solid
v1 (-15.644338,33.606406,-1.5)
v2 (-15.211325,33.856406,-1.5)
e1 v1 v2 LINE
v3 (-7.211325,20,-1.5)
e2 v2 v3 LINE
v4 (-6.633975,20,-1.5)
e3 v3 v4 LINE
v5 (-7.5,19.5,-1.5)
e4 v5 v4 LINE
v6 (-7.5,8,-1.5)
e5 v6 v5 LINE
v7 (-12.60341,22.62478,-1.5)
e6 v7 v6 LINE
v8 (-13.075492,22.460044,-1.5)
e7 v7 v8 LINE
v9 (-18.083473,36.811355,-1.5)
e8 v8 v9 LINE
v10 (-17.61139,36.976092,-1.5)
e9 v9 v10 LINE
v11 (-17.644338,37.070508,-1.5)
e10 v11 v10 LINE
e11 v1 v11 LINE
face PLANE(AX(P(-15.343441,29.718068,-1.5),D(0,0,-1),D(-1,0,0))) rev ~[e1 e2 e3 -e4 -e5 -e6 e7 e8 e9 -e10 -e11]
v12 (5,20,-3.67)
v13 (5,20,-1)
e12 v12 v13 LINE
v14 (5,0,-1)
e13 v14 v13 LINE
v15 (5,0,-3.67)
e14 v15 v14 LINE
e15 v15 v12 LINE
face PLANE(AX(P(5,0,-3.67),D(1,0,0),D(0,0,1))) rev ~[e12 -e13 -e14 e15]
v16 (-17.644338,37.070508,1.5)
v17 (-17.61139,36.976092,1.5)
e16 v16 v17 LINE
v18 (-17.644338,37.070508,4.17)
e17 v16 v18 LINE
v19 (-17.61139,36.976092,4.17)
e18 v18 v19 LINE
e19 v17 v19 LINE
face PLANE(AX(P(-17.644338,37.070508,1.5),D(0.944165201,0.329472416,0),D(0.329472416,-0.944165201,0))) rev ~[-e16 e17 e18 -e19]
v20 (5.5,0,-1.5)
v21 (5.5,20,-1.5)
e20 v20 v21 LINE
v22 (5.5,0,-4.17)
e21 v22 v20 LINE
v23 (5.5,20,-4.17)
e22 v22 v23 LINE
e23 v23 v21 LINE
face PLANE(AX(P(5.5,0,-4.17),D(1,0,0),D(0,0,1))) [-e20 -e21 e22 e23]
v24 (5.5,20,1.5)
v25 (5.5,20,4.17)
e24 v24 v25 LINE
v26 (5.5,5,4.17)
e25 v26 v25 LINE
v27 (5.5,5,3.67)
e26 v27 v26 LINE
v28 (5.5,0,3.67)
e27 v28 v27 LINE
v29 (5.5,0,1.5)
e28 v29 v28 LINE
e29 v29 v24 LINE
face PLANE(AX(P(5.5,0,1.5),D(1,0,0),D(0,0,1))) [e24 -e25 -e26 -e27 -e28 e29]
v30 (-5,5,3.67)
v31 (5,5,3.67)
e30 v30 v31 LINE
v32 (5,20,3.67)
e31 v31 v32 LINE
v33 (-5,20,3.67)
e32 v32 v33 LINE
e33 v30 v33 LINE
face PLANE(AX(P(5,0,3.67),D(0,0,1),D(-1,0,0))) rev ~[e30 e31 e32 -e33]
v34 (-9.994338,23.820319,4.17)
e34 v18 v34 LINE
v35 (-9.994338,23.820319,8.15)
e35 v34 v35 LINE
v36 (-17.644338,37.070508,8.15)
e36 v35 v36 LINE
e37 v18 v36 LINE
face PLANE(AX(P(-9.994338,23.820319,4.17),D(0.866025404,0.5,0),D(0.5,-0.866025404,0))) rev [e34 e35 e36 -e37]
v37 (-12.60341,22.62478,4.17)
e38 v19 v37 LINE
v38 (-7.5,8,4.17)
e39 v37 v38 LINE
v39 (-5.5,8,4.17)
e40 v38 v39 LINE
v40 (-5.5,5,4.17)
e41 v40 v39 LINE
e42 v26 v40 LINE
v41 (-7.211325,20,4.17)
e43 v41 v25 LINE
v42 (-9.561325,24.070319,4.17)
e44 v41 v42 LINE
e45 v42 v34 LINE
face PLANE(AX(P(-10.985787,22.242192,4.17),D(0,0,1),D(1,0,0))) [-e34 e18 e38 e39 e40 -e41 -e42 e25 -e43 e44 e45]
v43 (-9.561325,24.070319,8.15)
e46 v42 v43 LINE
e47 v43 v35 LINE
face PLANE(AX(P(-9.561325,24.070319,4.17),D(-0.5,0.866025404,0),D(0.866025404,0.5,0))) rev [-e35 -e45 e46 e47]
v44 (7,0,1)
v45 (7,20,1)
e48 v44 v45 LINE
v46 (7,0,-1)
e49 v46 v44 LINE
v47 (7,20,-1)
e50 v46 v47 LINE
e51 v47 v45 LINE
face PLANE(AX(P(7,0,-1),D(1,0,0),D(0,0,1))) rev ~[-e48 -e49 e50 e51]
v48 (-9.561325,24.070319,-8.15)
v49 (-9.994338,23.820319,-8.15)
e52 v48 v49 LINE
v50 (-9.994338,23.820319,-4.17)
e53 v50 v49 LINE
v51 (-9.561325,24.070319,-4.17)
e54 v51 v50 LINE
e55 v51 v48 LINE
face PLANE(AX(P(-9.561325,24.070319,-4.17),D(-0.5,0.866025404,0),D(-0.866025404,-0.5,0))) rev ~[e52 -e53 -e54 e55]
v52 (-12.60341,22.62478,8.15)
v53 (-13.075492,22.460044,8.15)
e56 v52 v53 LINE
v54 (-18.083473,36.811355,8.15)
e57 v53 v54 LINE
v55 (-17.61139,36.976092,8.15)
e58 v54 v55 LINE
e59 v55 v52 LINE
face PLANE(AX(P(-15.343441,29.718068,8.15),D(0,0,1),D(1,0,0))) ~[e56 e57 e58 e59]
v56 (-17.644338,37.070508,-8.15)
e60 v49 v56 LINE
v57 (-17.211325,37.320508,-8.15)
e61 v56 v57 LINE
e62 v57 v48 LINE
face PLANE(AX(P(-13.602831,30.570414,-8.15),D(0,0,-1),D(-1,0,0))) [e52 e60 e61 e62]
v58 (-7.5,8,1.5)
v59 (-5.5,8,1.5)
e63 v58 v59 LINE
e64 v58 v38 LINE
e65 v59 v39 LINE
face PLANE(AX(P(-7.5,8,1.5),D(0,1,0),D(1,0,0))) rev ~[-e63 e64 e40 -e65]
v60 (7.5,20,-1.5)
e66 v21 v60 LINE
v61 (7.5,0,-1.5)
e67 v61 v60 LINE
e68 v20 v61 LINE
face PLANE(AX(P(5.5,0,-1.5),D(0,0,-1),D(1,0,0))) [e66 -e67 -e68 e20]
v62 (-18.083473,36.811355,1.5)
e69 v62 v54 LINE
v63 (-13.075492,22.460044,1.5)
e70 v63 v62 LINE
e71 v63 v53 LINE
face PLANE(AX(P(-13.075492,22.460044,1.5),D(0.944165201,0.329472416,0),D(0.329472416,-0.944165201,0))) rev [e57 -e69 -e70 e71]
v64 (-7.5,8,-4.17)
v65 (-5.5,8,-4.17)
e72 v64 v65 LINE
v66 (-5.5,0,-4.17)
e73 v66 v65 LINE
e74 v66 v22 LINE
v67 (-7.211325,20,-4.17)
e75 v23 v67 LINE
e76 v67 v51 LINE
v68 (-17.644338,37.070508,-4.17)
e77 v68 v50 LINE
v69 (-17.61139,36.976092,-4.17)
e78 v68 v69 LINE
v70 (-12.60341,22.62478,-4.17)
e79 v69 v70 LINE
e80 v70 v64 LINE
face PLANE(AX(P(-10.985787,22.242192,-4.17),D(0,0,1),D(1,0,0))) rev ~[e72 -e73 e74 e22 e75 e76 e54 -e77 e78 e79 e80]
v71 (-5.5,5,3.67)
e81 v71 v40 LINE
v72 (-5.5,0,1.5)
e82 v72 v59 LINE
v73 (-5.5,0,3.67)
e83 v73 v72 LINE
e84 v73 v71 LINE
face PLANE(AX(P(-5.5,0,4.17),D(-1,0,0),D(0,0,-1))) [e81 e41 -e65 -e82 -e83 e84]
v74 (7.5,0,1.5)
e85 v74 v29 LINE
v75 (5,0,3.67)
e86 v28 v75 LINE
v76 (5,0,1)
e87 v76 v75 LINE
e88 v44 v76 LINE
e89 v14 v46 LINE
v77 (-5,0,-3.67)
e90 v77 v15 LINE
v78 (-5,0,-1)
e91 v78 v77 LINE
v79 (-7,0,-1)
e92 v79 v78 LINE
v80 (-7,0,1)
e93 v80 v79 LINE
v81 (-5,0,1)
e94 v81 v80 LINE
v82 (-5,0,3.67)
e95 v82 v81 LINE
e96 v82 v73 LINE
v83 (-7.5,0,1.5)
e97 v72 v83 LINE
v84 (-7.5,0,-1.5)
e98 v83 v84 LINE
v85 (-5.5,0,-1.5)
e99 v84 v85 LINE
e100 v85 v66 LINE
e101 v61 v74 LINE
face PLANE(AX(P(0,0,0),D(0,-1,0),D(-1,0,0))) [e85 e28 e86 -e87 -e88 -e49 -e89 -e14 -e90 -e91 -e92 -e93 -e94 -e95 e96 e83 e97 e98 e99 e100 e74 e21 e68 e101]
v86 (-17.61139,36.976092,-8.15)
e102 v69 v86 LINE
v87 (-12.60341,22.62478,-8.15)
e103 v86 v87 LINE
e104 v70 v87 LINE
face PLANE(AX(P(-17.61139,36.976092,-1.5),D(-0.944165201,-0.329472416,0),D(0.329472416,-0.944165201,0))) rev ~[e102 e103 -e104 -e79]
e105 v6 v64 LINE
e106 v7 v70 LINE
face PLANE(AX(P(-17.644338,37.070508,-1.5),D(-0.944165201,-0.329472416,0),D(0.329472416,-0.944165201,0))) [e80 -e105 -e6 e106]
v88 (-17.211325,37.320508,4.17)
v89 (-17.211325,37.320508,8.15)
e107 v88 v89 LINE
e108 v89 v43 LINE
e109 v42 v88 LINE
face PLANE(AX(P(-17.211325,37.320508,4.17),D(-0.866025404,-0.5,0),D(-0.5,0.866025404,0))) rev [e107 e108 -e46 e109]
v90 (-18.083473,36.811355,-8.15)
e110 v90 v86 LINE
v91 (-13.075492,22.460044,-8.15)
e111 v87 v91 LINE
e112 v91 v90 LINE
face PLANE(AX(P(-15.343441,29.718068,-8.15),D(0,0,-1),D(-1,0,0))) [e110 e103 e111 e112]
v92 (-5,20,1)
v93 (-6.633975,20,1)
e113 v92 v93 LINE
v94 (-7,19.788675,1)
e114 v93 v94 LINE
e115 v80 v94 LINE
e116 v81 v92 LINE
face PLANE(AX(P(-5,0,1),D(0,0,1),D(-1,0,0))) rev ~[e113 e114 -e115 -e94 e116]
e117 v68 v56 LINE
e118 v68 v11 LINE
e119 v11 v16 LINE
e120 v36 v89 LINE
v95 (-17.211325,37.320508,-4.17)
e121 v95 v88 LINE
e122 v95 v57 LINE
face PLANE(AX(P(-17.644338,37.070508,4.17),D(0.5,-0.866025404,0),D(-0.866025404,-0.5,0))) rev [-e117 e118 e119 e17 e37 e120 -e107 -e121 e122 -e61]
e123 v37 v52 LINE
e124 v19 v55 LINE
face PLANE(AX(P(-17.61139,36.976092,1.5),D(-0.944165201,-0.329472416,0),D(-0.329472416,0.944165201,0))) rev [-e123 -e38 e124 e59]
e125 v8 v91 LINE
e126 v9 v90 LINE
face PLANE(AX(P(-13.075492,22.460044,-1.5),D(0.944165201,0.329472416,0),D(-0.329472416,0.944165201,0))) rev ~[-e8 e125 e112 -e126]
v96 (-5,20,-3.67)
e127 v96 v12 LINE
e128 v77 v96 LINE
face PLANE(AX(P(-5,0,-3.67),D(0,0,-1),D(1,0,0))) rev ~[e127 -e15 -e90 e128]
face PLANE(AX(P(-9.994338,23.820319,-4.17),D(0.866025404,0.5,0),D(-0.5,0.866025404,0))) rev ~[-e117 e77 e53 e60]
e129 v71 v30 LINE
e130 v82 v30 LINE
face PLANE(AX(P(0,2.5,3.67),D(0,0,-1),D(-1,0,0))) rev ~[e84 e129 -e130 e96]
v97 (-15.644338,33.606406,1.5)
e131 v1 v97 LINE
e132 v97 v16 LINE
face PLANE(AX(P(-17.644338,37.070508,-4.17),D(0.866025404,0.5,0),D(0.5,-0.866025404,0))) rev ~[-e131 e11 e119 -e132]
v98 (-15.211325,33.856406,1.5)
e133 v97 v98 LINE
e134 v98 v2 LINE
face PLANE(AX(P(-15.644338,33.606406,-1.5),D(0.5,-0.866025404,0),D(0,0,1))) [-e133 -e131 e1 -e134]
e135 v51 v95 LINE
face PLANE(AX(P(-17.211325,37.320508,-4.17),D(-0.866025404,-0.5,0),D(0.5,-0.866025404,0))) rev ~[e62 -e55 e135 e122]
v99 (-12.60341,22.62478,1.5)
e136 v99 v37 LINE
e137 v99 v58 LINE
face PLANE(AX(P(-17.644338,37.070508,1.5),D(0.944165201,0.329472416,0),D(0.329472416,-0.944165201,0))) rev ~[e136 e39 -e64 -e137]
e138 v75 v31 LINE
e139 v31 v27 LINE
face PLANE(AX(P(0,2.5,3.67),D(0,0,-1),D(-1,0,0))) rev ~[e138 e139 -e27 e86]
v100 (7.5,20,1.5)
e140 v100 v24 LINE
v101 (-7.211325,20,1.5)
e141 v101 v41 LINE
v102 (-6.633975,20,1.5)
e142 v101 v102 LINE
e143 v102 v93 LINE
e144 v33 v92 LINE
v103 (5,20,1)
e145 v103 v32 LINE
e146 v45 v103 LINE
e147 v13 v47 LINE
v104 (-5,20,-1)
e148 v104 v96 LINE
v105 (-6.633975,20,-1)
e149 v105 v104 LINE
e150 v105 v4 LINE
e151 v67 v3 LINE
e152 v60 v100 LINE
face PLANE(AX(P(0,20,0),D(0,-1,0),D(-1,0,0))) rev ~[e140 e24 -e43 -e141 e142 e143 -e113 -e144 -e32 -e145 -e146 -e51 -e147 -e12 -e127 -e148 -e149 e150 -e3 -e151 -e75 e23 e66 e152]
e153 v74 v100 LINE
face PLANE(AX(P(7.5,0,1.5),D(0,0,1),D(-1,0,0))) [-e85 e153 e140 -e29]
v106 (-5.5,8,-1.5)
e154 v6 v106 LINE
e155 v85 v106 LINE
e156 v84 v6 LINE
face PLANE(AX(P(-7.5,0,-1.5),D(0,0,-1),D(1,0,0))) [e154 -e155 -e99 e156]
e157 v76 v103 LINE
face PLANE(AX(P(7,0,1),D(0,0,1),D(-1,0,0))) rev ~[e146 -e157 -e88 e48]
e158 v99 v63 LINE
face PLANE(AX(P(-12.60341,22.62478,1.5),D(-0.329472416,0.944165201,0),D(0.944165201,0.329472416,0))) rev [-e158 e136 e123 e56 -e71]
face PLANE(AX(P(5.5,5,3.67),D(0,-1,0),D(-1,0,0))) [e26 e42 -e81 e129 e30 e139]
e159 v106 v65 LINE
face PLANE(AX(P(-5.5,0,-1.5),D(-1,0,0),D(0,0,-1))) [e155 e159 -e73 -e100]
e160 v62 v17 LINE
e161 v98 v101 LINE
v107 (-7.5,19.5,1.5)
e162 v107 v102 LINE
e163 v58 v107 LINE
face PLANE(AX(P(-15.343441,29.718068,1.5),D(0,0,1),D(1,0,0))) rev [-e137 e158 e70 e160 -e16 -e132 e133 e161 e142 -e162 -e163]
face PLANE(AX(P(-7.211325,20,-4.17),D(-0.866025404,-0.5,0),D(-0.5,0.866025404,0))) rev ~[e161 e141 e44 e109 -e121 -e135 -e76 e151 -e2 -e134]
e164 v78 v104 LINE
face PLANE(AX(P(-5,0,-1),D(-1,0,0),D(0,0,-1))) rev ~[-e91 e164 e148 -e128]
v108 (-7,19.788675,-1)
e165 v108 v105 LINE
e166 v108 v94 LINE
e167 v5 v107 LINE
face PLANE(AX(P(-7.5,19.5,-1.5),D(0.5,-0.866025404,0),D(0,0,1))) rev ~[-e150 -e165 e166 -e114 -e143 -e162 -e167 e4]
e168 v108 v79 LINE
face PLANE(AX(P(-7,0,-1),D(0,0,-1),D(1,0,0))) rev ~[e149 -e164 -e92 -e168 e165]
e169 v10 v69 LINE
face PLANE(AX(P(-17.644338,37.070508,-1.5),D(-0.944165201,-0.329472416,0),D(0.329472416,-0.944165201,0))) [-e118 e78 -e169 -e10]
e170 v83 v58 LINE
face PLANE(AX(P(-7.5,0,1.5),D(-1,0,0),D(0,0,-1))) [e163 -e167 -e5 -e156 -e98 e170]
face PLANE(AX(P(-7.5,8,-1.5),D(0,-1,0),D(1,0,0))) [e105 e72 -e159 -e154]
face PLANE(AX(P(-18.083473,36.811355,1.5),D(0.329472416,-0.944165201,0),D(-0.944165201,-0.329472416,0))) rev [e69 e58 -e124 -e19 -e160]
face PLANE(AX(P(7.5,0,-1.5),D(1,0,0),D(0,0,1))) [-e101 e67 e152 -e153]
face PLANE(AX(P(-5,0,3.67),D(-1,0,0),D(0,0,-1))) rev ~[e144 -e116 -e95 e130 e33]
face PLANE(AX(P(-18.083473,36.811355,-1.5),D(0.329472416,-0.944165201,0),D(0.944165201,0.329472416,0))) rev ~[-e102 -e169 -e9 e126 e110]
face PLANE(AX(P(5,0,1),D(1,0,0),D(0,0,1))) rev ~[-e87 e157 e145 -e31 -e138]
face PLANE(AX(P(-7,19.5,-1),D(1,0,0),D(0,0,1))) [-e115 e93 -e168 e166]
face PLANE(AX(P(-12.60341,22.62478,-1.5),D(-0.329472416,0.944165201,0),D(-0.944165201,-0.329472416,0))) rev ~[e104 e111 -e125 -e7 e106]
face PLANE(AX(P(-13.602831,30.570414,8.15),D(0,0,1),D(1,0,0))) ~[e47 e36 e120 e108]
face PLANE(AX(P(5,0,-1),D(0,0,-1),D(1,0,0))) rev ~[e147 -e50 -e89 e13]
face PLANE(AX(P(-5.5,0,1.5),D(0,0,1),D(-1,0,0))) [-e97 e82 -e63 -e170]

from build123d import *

# Parameters (mm, degrees)
AUFSATZ_LINEAR_AUSTRAGEN1_DEPTH  = 20
SCHNITT_LINEAR_AUSTRAGEN2_REACH  = 24.753
SKIZZE8_W                        = 11
SKIZZE8_H                        = 5
AUFSATZ_LINEAR_AUSTRAGEN3_DEPTH  = 8.34
SCHNITT_LINEAR_AUSTRAGEN3_REACH  = 28.626
SKIZZE12_W                       = 1.5
SKIZZE12_H                       = 2
AUFSATZ_LINEAR_AUSTRAGEN4_DEPTH  = 3.98
AUFSATZ_LINEAR_AUSTRAGEN5_DEPTH  = 2.67
AUFSATZ_LINEAR_AUSTRAGEN6_DEPTH  = 2.67
SCHNITT_LINEAR_AUSTRAGEN4_REACH  = 43.942
SKIZZE17_W                       = 3
SKIZZE17_H                       = 16.288675134
AUFSATZ_LINEAR_AUSTRAGEN15_DEPTH = 6.65


with BuildPart() as part:
    # Skizze1 → Aufsatz-Linear austragen1 (new body)
    with BuildSketch(Plane(origin=(0, 0, 0), x_dir=(1, 0, 0), z_dir=(0, 1, 0))):
        Polygon((5.5, -4.17), (-5.5, -4.17), (-5.5, -1.5), (-7.5, -1.5), (-7.5, 1.5), (-5.5, 1.5), (-5.5, 4.17), (5.5, 4.17), (5.5, 1.5), (7.5, 1.5), (7.5, -1.5), (5.5, -1.5), align=None)
        Polygon((-5, 1), (-5, 3.67), (5, 3.67), (5, 1), (7, 1), (7, -1), (5, -1), (5, -3.67), (-5, -3.67), (-5, -1), (-7, -1), (-7, 1), align=None, mode=Mode.SUBTRACT)
    extrude(amount=AUFSATZ_LINEAR_AUSTRAGEN1_DEPTH)

    # Skizze8 → Schnitt-Linear austragen2 (cut, up to next)
    with BuildSketch(Plane(origin=(0, 0, 3.67), x_dir=(-1, 0, 0), z_dir=(0, 0, -1)), mode=Mode.PRIVATE) as schnitt_linear_austragen2_sk1:
        with Locations((0, 2.5)):
            Rectangle(SKIZZE8_W, SKIZZE8_H)
    schnitt_linear_austragen2_tool1 = extrude(schnitt_linear_austragen2_sk1.sketch, amount=-SCHNITT_LINEAR_AUSTRAGEN2_REACH, mode=Mode.PRIVATE) & part.part
    add(schnitt_linear_austragen2_tool1.solids().sort_by_distance((0, 2.5, 3.67))[0], mode=Mode.SUBTRACT)

    # Skizze10 → Aufsatz-Linear austragen3 (add)
    with BuildSketch(Plane(origin=(0, 0, -4.17), x_dir=(-1, 0, 0), z_dir=(0, 0, -1))):
        Polygon((5.5, 20), (7.211324865, 20), (17.211324865, 37.320508076), (17.644337567, 37.070508076), (7.5, 19.5), (5.5, 19.5), align=None)
    extrude(amount=-AUFSATZ_LINEAR_AUSTRAGEN3_DEPTH)

    # Skizze12 → Schnitt-Linear austragen3 (cut, up to next)
    with BuildSketch(Plane.XZ.offset(-19.5), mode=Mode.PRIVATE) as schnitt_linear_austragen3_sk1:
        with Locations((-6.25, 0)):
            Rectangle(SKIZZE12_W, SKIZZE12_H)
    schnitt_linear_austragen3_tool1 = extrude(schnitt_linear_austragen3_sk1.sketch, amount=-SCHNITT_LINEAR_AUSTRAGEN3_REACH, mode=Mode.PRIVATE) & part.part
    add(schnitt_linear_austragen3_tool1.solids().sort_by_distance((-6.25, 19.5, 0))[0], mode=Mode.SUBTRACT)

    # Skizze13 → Aufsatz-Linear austragen4 (add)
    with BuildSketch(Plane(origin=(0, 0, -4.17), x_dir=(-1, 0, 0), z_dir=(0, 0, -1))):
        Polygon((17.211324865, 37.320508076), (9.561324865, 24.070319398), (9.994337567, 23.820319398), (17.644337567, 37.070508076), align=None)
    aufsatz_linear_austragen4 = extrude(amount=AUFSATZ_LINEAR_AUSTRAGEN4_DEPTH)

    # Skizze15 → Aufsatz-Linear austragen5 (add)
    with BuildSketch(Plane(origin=(0, 0, -1.5), x_dir=(-1, 0, 0), z_dir=(0, 0, -1))):
        Polygon((5.5, 8), (5.5, 19.5), (7.5, 19.5), (17.644337567, 37.070508076), (7.5, 8), align=None)
    extrude(amount=AUFSATZ_LINEAR_AUSTRAGEN5_DEPTH)

    # Spiegeln1: Aufsatz-Linear austragen4 across plane
    add(aufsatz_linear_austragen4.mirror(Plane.XY))

    # Skizze16 → Aufsatz-Linear austragen6 (add)
    with BuildSketch(Plane.XY.offset(1.5)):
        Polygon((-17.644337567, 37.070508076), (-7.5, 8), (-5.5, 8), (-5.5, 19.5), (-7.5, 19.5), align=None)
    extrude(amount=AUFSATZ_LINEAR_AUSTRAGEN6_DEPTH)

    # Skizze17 → Schnitt-Linear austragen4 (cut, up to next)
    with BuildSketch(Plane(origin=(2.818747687, 1.627404736, 0), x_dir=(0, 0, 1), z_dir=(-0.8660254037844417, -0.49999999999999467, 0)), mode=Mode.PRIVATE) as schnitt_linear_austragen4_sk1:
        with Locations((0, 28.781832941)):
            Rectangle(SKIZZE17_W, SKIZZE17_H)
    schnitt_linear_austragen4_tool1 = extrude(schnitt_linear_austragen4_sk1.sketch, amount=-SCHNITT_LINEAR_AUSTRAGEN4_REACH, mode=Mode.PRIVATE) & part.part
    add(schnitt_linear_austragen4_tool1.solids().sort_by_distance((-11.572169, 26.553203, 0))[0], mode=Mode.SUBTRACT)

    # Skizze22 → Aufsatz-Linear austragen15 (add)
    with BuildSketch(Plane.XY.offset(-1.5)):
        Polygon((-17.611390326, 36.976091556), (-12.603409607, 22.624780496), (-13.075492208, 22.460044288), (-18.083472926, 36.811355348), align=None)
    aufsatz_linear_austragen15 = extrude(amount=-AUFSATZ_LINEAR_AUSTRAGEN15_DEPTH)

    # Spiegeln2: Aufsatz-Linear austragen15 across plane
    add(aufsatz_linear_austragen15.mirror(Plane.XY))


solid = part.part
